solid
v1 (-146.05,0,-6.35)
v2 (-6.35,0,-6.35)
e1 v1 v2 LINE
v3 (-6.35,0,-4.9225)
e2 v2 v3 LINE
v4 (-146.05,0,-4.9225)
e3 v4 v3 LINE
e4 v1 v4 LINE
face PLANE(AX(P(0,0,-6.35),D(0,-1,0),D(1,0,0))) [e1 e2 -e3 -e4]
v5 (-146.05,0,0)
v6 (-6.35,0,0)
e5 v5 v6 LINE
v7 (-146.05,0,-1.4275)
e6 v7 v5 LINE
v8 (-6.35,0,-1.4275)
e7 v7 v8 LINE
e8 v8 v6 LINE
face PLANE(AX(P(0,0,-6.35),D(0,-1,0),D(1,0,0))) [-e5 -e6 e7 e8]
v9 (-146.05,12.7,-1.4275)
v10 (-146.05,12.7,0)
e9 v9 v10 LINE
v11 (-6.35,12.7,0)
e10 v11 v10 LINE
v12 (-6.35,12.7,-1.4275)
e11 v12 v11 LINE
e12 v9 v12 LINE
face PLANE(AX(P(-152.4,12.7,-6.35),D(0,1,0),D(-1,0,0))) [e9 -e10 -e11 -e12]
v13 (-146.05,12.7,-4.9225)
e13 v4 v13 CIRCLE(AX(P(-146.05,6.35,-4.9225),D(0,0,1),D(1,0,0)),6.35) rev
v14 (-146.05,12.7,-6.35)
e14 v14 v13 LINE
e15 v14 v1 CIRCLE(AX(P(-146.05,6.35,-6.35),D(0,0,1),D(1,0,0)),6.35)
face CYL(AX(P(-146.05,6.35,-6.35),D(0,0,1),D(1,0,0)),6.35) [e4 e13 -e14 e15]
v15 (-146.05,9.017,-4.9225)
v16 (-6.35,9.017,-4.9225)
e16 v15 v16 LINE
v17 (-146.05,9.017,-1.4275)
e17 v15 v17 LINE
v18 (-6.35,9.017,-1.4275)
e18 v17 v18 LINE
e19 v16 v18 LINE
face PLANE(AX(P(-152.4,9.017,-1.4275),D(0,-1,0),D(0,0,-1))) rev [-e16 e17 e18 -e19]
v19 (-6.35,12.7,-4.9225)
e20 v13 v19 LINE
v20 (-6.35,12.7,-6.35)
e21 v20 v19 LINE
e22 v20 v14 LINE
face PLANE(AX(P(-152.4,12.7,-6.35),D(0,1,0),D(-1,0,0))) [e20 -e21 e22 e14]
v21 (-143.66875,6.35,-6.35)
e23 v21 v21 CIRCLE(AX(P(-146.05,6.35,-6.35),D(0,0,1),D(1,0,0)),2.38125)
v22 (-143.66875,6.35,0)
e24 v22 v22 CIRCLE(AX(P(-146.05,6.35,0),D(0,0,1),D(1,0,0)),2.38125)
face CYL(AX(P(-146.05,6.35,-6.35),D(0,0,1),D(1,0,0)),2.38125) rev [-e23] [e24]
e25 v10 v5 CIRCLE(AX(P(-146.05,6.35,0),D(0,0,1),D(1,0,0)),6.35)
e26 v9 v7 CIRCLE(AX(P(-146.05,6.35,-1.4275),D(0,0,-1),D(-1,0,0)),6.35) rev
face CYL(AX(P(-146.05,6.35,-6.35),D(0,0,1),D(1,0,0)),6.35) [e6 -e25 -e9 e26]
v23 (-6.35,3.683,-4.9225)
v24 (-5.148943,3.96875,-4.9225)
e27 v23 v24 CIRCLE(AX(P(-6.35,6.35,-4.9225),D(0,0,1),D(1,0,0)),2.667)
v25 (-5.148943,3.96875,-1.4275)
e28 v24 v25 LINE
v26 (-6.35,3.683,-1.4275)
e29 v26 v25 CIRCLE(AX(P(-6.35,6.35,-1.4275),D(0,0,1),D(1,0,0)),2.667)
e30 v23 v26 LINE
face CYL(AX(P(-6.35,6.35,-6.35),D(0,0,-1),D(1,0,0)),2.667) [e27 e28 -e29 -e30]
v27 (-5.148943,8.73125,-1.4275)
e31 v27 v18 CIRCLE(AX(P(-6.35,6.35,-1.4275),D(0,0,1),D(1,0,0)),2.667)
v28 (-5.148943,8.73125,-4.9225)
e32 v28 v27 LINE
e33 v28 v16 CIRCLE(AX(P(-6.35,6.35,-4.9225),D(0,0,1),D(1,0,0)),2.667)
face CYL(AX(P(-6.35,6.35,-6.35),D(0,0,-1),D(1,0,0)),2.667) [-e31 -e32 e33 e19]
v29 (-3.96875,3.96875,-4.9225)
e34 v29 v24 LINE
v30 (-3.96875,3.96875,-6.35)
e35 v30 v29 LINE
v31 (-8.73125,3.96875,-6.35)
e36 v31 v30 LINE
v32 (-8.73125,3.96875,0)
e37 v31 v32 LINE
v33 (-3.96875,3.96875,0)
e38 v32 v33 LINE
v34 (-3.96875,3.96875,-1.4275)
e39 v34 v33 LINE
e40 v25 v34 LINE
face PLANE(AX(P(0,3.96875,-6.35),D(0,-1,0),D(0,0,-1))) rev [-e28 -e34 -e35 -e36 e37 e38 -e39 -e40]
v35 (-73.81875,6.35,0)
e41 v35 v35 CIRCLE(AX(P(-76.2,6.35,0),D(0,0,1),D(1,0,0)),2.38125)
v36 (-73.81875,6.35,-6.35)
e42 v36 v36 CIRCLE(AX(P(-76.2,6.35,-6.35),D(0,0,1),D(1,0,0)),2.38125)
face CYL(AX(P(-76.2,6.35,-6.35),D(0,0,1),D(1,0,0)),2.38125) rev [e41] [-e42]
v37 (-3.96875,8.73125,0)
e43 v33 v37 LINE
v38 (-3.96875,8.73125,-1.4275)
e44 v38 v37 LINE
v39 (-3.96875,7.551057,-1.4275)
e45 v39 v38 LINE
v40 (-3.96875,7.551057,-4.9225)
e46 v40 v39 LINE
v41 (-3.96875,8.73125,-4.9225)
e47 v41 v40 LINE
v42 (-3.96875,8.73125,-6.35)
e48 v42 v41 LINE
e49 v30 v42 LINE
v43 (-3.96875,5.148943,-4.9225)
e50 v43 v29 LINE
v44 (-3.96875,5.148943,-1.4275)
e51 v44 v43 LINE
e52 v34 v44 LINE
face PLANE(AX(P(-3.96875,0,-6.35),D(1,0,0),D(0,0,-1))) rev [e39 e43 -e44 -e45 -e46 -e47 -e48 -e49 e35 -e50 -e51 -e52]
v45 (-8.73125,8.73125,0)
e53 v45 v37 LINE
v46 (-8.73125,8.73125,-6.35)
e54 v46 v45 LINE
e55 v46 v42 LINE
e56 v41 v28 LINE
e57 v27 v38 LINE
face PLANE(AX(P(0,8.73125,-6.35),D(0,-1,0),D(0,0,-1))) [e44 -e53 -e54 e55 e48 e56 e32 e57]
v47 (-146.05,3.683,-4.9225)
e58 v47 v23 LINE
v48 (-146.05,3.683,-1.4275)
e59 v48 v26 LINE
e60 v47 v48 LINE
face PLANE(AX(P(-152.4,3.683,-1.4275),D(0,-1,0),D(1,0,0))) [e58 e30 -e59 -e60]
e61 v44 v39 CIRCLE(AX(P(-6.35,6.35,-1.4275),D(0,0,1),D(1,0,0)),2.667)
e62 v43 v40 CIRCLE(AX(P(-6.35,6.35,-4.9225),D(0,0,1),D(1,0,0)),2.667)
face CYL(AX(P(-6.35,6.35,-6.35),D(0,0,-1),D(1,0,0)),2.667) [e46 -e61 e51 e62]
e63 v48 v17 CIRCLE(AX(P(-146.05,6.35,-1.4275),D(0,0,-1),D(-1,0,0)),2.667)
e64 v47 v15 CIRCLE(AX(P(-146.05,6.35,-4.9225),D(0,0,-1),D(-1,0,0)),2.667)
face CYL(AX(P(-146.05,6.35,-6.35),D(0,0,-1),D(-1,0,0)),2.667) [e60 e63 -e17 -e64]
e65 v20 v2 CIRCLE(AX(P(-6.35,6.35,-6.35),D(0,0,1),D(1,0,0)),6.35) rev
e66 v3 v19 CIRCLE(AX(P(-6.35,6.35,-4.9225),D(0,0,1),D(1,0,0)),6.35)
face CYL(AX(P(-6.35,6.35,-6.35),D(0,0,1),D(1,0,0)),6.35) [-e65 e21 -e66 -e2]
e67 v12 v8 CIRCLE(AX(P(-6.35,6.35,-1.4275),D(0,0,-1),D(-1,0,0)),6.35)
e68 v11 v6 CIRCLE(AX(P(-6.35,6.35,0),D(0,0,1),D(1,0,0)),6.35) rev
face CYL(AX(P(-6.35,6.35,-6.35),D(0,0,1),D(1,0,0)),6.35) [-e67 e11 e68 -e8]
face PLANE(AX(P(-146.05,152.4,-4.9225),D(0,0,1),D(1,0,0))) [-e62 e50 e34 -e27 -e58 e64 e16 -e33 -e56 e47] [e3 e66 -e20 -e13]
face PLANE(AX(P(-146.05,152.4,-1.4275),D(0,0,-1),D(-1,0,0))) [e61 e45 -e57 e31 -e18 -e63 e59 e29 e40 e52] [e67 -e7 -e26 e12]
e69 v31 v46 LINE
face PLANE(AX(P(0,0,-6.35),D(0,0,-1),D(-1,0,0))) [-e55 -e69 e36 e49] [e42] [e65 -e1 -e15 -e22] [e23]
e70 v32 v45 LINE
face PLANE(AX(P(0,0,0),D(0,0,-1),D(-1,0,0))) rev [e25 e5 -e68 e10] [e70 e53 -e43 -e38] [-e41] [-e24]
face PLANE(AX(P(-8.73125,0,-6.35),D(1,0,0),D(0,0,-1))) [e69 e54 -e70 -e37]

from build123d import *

# Parameters (mm, degrees)
ESQUISSE1_W             = 152.4
ESQUISSE1_H             = 12.7
BOSS_EXTRU_1_DEPTH      = 6.35
ESQUISSE2_R             = 2.38125
ENL_V_MAT_EXTRU_1_DEPTH = 154.060029074
SKETCH1_W               = 14.17076538
SKETCH1_H               = 3.495000122
CUT_REVOLVE1_ANGLE      = 180
SKETCH2_W               = 3.495000122
SKETCH2_H               = 3.683
CUT_EXTRUDE1_DEPTH      = 154.060029074


with BuildPart() as part:
    # Esquisse1 → Boss.-Extru.1 (new body)
    with BuildSketch(Plane.XY):
        with Locations((-76.2, 6.35)):
            Rectangle(ESQUISSE1_W, ESQUISSE1_H)
    extrude(amount=-BOSS_EXTRU_1_DEPTH)

    # Esquisse2 → Enlèv. mat.-Extru.1 (cut, through all)
    with BuildSketch(Plane.XY):
        with Locations((-146.05, 6.35)):
            Circle(ESQUISSE2_R)
        with Locations((-76.2, 6.35)):
            Circle(ESQUISSE2_R)
        with Locations((-6.35, 6.35)):
            Circle(ESQUISSE2_R)
        with BuildLine():
            Line((0, 12.7), (-6.35, 12.7))
            ThreePointArc((-6.35, 12.7), (-1.859871939, 10.840128061), (0, 6.35))
            Line((0, 6.35), (0, 12.7))
        make_face()
        with BuildLine():
            Line((0, 0), (0, 6.35))
            ThreePointArc((0, 6.35), (-1.859871939, 1.859871939), (-6.35, 0))
            Line((-6.35, 0), (0, 0))
        make_face()
        with BuildLine():
            ThreePointArc((-152.4, 6.35), (-150.540128061, 10.840128061), (-146.05, 12.7))
            Line((-146.05, 12.7), (-152.4, 12.7))
            Line((-152.4, 12.7), (-152.4, 6.35))
        make_face()
        with BuildLine():
            ThreePointArc((-146.05, 0), (-150.540128061, 1.859871939), (-152.4, 6.35))
            Line((-152.4, 6.35), (-152.4, 0))
            Line((-152.4, 0), (-146.05, 0))
        make_face()
        with BuildLine():
            Line((-8.73125, 8.73125), (-8.73125, 6.35))
            ThreePointArc((-8.73125, 6.35), (-8.033798023, 8.033798023), (-6.35, 8.73125))
            Line((-6.35, 8.73125), (-8.73125, 8.73125))
        make_face()
        with BuildLine():
            ThreePointArc((-6.35, 8.73125), (-4.666201977, 8.033798023), (-3.96875, 6.35))
            Line((-3.96875, 6.35), (-3.96875, 8.73125))
            Line((-3.96875, 8.73125), (-6.35, 8.73125))
        make_face()
        with BuildLine():
            ThreePointArc((-3.96875, 6.35), (-4.666201977, 4.666201977), (-6.35, 3.96875))
            Line((-6.35, 3.96875), (-3.96875, 3.96875))
            Line((-3.96875, 3.96875), (-3.96875, 6.35))
        make_face()
        with BuildLine():
            Line((-8.73125, 6.35), (-8.73125, 3.96875))
            Line((-8.73125, 3.96875), (-6.35, 3.96875))
            ThreePointArc((-6.35, 3.96875), (-8.033798023, 4.666201977), (-8.73125, 6.35))
        make_face()
    extrude(amount=-ENL_V_MAT_EXTRU_1_DEPTH, mode=Mode.SUBTRACT)

    # Sketch1 → Cut-Revolve1 (revolve, symmetric, cut)
    with BuildSketch(Plane(origin=(0, 6.35, 0), x_dir=(1, 0, 0), z_dir=(0, 1, 0))) as cut_revolve1_sk:
        Polygon((-150.5585, 1.427499939), (-152.4, 1.427499939), (-152.4, 4.922500061), (-150.5585, 4.922500061), (-148.717, 4.922500061), (-148.717, 1.427499939), align=None)
        with Locations((-159.48538269, 3.175)):
            Rectangle(SKETCH1_W, SKETCH1_H)
    cut_revolve1 = revolve(axis=Axis((-146.05, 6.35, -6.35), (0, 0, 1)), revolution_arc=CUT_REVOLVE1_ANGLE / 2, mode=Mode.SUBTRACT)
    cut_revolve1 = cut_revolve1 + revolve(cut_revolve1_sk.sketch, axis=Axis((-146.05, 6.35, -6.35), (0, 0, -1)), revolution_arc=CUT_REVOLVE1_ANGLE / 2, mode=Mode.SUBTRACT)

    # Mirror1: Cut-Revolve1 across plane
    add(cut_revolve1.mirror(Plane(origin=(-76.2, 0, 0), x_dir=(0, 0, 1), z_dir=(1, 0, 0))), mode=Mode.SUBTRACT)

    # Sketch2 → Cut-Extrude1 (cut, through all)
    with BuildSketch(Plane(origin=(0, 0, 0), x_dir=(0, 0, -1), z_dir=(1, 0, 0))):
        with Locations((3.175, 10.8585)):
            Rectangle(SKETCH2_W, SKETCH2_H)
    cut_extrude1 = extrude(amount=-CUT_EXTRUDE1_DEPTH, mode=Mode.SUBTRACT)

    # Mirror2: Cut-Extrude1 across plane
    add(cut_extrude1.mirror(Plane.ZX.offset(6.35)), mode=Mode.SUBTRACT)


solid = part.part
